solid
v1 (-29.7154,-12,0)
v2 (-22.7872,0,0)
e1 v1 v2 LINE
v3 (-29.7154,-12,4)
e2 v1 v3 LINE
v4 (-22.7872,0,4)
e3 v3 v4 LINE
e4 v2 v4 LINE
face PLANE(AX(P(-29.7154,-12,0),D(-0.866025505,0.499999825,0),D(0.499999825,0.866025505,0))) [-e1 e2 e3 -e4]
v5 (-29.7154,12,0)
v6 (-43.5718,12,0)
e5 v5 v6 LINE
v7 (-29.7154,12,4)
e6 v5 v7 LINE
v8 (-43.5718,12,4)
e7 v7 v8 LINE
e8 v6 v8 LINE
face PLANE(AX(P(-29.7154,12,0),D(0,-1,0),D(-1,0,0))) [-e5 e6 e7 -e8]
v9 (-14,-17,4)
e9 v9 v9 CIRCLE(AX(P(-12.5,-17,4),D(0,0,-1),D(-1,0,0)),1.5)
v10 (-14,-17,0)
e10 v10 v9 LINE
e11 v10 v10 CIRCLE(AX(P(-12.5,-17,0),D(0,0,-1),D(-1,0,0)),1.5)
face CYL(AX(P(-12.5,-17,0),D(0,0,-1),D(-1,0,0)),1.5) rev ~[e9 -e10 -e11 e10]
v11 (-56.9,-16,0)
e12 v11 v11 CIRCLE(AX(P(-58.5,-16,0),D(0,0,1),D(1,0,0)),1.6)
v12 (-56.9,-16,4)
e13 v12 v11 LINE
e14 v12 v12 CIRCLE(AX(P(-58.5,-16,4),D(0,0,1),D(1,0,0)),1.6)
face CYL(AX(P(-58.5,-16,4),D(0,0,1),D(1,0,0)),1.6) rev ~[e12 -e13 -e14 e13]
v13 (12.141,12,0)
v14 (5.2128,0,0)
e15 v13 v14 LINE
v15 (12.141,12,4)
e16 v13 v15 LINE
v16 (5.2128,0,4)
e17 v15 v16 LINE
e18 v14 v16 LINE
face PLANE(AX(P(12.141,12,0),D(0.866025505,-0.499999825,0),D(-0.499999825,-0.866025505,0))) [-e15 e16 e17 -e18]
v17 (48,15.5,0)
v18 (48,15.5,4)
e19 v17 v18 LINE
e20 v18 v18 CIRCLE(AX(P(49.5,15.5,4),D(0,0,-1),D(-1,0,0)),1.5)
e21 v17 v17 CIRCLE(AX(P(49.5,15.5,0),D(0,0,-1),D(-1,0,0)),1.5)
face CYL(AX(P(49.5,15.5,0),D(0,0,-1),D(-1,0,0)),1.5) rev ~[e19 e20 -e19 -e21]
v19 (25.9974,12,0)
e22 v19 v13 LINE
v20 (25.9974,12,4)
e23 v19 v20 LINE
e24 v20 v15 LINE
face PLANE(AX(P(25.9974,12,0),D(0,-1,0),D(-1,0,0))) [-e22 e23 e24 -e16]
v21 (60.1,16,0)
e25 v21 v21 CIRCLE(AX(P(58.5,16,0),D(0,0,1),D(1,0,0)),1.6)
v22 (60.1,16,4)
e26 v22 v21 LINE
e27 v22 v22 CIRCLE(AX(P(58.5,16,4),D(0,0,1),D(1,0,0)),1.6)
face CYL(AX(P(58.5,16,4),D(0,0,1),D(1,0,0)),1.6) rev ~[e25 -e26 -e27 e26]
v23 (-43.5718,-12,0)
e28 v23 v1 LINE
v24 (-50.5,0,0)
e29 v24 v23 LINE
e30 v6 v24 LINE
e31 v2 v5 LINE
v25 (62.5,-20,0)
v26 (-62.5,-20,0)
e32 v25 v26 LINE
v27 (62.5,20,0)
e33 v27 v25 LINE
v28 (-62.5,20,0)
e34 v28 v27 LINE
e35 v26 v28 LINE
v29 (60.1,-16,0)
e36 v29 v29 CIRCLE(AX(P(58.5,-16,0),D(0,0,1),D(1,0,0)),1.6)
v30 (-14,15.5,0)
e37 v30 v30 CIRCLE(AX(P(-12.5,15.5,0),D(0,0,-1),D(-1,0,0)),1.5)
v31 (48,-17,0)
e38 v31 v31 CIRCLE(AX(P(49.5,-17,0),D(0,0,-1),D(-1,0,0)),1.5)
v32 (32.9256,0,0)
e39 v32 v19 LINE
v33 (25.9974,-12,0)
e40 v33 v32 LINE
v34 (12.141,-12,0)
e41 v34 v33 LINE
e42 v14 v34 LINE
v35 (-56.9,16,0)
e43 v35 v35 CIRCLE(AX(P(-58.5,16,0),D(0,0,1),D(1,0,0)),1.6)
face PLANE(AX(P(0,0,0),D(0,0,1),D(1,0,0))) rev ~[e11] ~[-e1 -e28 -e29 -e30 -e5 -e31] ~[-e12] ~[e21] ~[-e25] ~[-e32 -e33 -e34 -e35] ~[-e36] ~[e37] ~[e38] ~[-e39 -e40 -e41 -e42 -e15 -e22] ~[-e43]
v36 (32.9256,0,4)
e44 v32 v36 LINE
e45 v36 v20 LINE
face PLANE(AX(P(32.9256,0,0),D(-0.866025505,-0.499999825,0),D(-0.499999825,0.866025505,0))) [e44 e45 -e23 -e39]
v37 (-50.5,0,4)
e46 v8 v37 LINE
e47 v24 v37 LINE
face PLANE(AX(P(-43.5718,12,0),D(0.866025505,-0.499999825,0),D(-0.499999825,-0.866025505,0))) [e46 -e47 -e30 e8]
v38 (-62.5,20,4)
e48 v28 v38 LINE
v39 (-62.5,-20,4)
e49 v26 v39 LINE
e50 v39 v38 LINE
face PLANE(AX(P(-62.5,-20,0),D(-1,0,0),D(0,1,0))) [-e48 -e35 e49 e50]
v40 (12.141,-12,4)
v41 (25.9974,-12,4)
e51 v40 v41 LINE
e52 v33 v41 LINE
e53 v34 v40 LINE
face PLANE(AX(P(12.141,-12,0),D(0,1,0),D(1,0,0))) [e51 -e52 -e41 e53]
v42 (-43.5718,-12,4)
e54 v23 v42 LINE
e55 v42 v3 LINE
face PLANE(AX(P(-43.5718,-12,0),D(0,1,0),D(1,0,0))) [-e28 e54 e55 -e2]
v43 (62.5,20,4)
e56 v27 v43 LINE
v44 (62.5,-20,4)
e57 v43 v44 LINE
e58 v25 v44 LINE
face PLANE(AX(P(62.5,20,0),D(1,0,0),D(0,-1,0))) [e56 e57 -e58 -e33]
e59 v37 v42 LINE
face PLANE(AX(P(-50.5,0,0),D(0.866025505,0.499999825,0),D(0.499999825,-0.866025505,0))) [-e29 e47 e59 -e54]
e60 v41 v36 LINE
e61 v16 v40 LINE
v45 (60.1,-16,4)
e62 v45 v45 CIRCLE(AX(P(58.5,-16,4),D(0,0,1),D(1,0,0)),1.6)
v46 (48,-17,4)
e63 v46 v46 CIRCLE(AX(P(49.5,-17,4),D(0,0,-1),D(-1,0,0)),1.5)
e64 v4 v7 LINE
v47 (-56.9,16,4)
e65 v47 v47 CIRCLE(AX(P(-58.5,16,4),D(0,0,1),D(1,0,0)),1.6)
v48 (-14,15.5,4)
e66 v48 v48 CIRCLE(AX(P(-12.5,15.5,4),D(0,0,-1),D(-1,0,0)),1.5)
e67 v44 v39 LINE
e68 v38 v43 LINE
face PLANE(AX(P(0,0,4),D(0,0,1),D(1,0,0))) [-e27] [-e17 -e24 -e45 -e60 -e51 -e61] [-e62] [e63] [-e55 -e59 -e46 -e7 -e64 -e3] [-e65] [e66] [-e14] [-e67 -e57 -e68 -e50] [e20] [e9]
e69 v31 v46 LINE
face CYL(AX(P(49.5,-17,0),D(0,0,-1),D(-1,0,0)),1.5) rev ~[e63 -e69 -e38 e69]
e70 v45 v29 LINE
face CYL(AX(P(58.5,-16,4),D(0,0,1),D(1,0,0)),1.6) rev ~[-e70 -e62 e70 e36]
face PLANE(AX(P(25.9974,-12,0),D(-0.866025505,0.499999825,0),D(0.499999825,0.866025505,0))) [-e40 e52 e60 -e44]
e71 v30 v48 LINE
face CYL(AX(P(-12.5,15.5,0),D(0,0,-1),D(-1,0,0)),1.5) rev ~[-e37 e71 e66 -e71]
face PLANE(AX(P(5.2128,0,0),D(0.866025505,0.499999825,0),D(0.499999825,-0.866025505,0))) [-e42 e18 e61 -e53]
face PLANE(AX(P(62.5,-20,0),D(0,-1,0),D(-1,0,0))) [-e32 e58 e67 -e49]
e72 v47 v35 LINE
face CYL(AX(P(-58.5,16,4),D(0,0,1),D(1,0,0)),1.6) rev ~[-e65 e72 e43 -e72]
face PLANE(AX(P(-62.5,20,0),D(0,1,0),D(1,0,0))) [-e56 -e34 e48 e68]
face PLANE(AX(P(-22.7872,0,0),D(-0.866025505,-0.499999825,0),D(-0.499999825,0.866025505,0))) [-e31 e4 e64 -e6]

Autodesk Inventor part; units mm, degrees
ref_plane "YZ Plane" through (0, 0, 0) normal (1, 0, 0) x (0, 1, 0)
ref_plane "XZ Plane" through (0, 0, 0) normal (0, 1, 0) x (-1, 0, 0)
ref_plane "XY Plane" through (0, 0, 0) normal (0, 0, 1) x (1, 0, 0)
sketch "Эскиз1" plane through (0, 0, 0) normal (0, 0, 1) x (1, 0, 0)
  line L0 (-62.5, 20) -> (62.5, 20)
  line L1 (62.5, 20) -> (62.5, -20)
  line L2 (62.5, -20) -> (-62.5, -20)
  line L3 (-62.5, -20) -> (-62.5, 20)
  line L4 (-62.5, 20) -> (62.5, -20) construction
  line L5 (62.5, 20) -> (-62.5, -20) construction
  point P0 (0, 0)
  dimension "d0" = 125
  dimension "d1" = 40
extrude "Выдавливание1" add sketch "Эскиз1" along normal blind 4
sketch "Эскиз2" plane through (0, 0, 4) normal (0, 0, 1) x (1, 0, 0)
  circle A0 centre (-58.5, 16) radius 1.6
  line L0 (62.5, 20) -> (-62.5, 20) projected
  line L1 (-62.5, 20) -> (-62.5, -20) projected
  line L2 (-62.5, -20) -> (62.5, -20) construction
  line L3 (0, -20) -> (0, 0) construction
  line L4 (62.5, 0) -> (0, 0) construction
  circle A1 centre (58.5, 16) radius 1.6
  circle A2 centre (-58.5, -16) radius 1.6
  circle A3 centre (58.5, -16) radius 1.6
  dimension "d4" = 3.2
  dimension "d5" = 4
  dimension "d6" = 4
extrude "Выдавливание2" cut sketch "Эскиз2" against normal blind 4
sketch "Эскиз3" plane through (0, 0, 0) normal (0, 0, -1) x (-1, 0, 0)
  circle A0 centre (-49.5, 15.5) radius 1.5 projected
  circle A1 centre (-49.5, -17) radius 1.5 projected
  circle A2 centre (12.5, 15.5) radius 1.5 projected
  circle A3 centre (12.5, -17) radius 1.5 projected
  line L0 (29.7154, -12) -> (22.7872, 0)
  line L1 (22.7872, 0) -> (29.7154, 12)
  line L2 (29.7154, 12) -> (43.5718, 12)
  line L3 (43.5718, 12) -> (50.5, 0)
  line L4 (50.5, 0) -> (43.5718, -12)
  line L5 (43.5718, -12) -> (29.7154, -12)
  line L6 (-62.5, 20) -> (62.5, 20) projected
  line L7 (62.5, -20) -> (-62.5, -20) projected
  line L8 (-5.2128, 0) -> (-12.141, -12)
  line L9 (-12.141, -12) -> (-25.9974, -12)
  line L10 (-25.9974, -12) -> (-32.9256, 0)
  line L11 (-32.9256, 0) -> (-25.9974, 12)
  line L12 (-25.9974, 12) -> (-12.141, 12)
  line L13 (-12.141, 12) -> (-5.2128, 0)
  line L14 (62.5, 20) -> (62.5, -20) projected
  point P0 (0, 0)
  point P1 (36.6436, 0)
  point P2 (-19.0692, 0)
  point P3 (-19.0692, -12)
  point P4 (62.5, 0)
  dimension "d10" = 8
  dimension "d11" = 8
  dimension "d12" = 8
  dimension "d13" = 8
  dimension "d14" = 28
  dimension "d15" = 12
extrude "Выдавливание3" cut sketch "Эскиз3" against normal blind 4
properties part number "для_стаба"
